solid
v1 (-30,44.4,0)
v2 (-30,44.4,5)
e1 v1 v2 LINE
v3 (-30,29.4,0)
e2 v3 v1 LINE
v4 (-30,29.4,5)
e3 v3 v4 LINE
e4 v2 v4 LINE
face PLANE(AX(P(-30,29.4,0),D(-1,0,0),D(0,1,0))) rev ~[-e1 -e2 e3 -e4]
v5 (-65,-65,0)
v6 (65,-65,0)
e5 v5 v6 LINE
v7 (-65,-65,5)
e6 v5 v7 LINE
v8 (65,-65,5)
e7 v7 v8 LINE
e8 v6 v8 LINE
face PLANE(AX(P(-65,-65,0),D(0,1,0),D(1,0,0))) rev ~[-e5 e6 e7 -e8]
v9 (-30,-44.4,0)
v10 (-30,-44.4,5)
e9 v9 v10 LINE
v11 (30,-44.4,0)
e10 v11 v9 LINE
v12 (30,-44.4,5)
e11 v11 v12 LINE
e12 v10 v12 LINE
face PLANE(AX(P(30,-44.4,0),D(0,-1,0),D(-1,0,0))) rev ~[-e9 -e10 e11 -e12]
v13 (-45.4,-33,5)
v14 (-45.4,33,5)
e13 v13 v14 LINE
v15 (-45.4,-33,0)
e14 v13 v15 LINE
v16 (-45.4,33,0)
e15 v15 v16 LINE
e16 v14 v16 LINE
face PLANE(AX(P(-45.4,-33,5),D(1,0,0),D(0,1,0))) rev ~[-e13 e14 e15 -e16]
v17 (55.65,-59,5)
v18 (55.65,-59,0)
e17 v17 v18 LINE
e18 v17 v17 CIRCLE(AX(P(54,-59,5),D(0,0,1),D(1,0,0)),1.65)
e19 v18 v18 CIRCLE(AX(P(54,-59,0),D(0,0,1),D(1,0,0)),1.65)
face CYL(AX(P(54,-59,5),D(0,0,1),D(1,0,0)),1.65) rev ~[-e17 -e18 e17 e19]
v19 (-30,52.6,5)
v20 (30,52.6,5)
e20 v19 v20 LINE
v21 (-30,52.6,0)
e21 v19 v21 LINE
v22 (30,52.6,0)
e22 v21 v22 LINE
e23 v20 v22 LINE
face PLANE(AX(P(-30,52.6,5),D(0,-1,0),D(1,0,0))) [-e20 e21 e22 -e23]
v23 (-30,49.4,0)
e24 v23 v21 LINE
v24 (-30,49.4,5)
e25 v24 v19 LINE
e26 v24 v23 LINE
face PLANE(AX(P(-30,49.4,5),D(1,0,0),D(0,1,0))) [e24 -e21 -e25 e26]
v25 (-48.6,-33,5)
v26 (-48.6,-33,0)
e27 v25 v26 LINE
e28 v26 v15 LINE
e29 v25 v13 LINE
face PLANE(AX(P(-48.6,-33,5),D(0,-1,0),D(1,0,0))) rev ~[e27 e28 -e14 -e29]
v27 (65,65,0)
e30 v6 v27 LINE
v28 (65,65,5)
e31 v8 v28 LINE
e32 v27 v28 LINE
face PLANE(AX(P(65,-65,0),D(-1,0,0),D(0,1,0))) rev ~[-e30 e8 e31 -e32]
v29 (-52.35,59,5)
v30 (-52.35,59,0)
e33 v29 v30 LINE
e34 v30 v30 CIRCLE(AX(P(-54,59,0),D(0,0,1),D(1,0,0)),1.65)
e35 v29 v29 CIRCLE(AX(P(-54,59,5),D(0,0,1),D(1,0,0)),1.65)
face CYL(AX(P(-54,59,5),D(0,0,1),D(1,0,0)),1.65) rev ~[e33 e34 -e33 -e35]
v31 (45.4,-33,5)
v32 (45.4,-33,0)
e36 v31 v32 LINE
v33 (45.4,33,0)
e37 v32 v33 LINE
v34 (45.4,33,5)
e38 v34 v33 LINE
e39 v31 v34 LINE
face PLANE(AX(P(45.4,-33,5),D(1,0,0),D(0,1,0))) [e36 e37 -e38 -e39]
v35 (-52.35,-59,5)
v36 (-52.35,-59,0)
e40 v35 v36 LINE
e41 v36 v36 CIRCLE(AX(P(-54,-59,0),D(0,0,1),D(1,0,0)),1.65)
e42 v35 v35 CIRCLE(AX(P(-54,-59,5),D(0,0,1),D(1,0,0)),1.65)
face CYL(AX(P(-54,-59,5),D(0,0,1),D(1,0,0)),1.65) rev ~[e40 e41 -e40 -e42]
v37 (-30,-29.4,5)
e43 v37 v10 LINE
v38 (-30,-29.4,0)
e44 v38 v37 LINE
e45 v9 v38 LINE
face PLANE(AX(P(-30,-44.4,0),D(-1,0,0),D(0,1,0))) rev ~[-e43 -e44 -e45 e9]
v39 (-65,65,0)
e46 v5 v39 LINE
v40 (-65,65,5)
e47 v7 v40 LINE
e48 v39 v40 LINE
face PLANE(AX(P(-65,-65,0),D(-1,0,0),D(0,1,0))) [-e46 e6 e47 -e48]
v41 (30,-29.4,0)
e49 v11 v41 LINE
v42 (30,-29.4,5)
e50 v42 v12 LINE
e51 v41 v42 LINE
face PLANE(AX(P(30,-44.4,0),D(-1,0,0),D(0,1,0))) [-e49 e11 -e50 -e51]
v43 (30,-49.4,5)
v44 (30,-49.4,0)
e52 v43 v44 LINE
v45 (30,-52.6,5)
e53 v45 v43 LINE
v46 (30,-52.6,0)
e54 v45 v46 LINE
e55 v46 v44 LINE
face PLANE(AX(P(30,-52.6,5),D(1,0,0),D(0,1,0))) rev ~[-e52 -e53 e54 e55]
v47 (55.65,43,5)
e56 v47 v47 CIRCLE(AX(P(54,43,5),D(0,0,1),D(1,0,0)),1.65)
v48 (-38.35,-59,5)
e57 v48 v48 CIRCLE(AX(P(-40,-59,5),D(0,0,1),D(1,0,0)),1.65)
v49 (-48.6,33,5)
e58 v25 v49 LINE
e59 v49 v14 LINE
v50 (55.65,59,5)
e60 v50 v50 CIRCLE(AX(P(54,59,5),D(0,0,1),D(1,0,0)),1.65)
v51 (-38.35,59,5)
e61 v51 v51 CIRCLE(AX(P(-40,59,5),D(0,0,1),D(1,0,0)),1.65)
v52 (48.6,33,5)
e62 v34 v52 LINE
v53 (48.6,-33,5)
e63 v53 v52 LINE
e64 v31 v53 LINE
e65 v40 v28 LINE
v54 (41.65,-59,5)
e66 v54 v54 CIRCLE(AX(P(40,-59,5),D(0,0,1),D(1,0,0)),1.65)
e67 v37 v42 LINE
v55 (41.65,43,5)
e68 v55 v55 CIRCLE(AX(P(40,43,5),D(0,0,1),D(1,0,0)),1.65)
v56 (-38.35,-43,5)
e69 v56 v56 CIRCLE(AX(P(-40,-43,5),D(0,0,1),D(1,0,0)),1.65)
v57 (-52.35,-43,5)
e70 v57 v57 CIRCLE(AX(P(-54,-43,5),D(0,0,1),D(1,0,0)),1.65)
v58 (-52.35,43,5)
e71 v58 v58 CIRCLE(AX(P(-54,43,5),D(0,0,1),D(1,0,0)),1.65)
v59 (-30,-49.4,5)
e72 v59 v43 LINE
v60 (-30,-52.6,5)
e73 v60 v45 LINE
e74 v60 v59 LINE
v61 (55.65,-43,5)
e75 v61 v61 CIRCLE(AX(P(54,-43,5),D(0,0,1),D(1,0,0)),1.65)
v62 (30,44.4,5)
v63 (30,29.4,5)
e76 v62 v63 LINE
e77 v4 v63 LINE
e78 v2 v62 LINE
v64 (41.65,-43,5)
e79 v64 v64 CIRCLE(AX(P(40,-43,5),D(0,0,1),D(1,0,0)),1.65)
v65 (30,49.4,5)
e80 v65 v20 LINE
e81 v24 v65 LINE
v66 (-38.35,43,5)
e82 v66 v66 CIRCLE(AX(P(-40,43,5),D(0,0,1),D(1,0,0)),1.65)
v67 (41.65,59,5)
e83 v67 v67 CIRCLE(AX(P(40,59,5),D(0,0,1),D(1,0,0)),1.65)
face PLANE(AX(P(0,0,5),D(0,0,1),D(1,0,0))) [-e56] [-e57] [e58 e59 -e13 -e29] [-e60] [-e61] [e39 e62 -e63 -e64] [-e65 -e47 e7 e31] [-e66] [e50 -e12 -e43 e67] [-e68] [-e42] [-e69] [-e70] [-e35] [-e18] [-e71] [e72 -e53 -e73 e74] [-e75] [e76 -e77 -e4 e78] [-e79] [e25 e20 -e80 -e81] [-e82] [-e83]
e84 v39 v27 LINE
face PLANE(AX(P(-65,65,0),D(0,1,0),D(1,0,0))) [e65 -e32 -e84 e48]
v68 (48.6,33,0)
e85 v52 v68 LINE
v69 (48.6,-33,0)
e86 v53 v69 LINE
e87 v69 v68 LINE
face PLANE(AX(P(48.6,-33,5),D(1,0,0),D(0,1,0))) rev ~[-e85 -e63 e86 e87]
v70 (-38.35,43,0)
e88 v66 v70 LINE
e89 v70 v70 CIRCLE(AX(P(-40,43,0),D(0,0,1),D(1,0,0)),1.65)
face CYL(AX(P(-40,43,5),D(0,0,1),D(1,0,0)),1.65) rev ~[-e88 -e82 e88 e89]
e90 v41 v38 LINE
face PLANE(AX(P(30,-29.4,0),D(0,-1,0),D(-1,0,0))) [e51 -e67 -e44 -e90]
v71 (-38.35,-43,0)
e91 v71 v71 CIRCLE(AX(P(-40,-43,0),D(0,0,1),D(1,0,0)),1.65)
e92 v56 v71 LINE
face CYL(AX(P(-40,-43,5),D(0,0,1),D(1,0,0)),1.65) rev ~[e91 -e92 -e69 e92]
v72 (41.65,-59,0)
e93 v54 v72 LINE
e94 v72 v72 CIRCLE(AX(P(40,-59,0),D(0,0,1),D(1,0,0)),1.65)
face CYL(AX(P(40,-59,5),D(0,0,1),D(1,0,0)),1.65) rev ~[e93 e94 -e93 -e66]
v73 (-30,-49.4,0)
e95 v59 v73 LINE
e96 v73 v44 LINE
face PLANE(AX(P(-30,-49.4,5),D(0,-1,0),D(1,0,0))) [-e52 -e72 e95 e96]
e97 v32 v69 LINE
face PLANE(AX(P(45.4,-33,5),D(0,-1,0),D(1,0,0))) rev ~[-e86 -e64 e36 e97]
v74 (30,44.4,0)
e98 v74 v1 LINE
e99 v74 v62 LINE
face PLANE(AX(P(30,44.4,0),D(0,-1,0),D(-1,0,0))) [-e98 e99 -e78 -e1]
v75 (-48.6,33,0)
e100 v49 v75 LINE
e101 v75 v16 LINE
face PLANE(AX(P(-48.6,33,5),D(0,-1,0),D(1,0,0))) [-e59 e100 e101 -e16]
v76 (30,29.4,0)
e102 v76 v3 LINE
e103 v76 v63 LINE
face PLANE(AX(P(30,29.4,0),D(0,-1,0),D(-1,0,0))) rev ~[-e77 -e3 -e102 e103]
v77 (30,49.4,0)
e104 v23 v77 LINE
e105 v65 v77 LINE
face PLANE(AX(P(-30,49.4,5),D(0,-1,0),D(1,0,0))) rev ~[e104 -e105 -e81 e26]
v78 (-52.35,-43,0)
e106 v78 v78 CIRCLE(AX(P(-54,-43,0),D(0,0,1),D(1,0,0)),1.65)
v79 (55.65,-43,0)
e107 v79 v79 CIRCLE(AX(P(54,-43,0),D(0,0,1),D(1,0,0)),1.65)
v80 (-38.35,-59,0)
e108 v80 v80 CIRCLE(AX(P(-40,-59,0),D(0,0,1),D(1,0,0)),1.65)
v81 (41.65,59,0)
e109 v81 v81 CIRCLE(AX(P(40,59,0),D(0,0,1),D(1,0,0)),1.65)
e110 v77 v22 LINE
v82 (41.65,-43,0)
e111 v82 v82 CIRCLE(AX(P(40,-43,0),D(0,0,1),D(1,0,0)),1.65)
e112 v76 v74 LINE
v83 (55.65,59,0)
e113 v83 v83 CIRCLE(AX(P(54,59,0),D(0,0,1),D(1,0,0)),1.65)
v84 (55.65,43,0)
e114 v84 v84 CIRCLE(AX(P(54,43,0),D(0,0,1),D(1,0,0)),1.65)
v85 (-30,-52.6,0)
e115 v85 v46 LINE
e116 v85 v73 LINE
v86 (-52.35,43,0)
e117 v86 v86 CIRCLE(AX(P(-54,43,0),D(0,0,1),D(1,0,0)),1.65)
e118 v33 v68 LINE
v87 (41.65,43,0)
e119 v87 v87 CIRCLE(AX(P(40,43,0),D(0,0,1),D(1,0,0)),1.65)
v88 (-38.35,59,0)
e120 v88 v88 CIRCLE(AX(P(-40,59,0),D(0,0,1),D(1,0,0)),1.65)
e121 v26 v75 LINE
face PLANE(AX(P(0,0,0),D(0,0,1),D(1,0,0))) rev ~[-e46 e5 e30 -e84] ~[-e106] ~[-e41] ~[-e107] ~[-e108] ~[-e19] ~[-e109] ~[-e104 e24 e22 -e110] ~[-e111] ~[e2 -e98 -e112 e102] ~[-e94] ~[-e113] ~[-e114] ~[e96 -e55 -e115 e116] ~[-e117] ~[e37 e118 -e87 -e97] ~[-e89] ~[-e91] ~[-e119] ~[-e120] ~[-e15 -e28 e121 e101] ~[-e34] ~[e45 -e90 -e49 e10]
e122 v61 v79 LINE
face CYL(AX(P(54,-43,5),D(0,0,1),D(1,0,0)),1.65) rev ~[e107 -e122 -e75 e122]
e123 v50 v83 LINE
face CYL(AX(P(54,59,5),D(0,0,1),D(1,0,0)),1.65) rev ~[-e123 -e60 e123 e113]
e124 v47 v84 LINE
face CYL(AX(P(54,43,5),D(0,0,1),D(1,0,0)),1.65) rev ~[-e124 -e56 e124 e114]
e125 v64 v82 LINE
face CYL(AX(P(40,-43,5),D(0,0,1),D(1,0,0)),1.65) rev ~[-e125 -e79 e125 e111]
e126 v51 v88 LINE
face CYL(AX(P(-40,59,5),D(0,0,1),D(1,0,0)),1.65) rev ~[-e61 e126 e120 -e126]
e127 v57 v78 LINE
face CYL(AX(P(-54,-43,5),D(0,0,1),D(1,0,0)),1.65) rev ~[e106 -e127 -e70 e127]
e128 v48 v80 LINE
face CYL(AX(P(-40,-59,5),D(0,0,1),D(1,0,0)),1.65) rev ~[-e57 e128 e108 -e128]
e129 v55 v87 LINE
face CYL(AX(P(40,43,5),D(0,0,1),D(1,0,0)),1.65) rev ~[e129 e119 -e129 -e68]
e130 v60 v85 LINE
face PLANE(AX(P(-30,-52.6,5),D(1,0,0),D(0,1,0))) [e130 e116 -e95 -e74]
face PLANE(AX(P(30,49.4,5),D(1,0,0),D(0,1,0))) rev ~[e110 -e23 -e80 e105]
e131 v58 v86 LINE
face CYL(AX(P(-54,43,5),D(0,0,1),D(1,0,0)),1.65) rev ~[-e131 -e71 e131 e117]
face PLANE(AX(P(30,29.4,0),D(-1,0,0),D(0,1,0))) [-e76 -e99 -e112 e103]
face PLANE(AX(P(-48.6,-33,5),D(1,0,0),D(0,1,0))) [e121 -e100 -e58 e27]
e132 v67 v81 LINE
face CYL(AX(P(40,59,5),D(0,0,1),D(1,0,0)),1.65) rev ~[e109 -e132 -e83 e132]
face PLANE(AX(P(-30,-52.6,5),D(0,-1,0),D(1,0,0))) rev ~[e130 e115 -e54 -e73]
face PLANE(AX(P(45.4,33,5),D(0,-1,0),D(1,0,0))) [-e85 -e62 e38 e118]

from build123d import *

# Parameters (mm, degrees)
SKETCH_1_W          = 130
SKETCH_1_H          = 130
EXTRUDE_1_DEPTH     = 5
SKETCH_2_R          = 1.65
CUT_EXTRUDE_1_DEPTH = 5
SKETCH_3_W          = 3.2
SKETCH_3_H          = 66
SKETCH_3_W_2        = 60
SKETCH_3_H_2        = 3.2
CUT_EXTRUDE_2_DEPTH = 10
SKETCH_4_W          = 60
SKETCH_4_H          = 15
CUT_EXTRUDE_3_DEPTH = 10


with BuildPart() as part:
    # 草图1 → 凸台-拉伸1 (new body)
    with BuildSketch(Plane.XY):
        Rectangle(SKETCH_1_W, SKETCH_1_H)
    extrude(amount=EXTRUDE_1_DEPTH)

    # 草图2 → 切除-拉伸1 (cut)
    with BuildSketch(Plane.XY.offset(5)):
        with Locations((-54, 59)):
            Circle(SKETCH_2_R)
        with Locations((-40, 59)):
            Circle(SKETCH_2_R)
        with Locations((-40, 43)):
            Circle(SKETCH_2_R)
        with Locations((-54, 43)):
            Circle(SKETCH_2_R)
        with Locations((40, 59)):
            Circle(SKETCH_2_R)
        with Locations((54, 59)):
            Circle(SKETCH_2_R)
        with Locations((54, 43)):
            Circle(SKETCH_2_R)
        with Locations((40, 43)):
            Circle(SKETCH_2_R)
        with Locations((40, -43)):
            Circle(SKETCH_2_R)
        with Locations((54, -43)):
            Circle(SKETCH_2_R)
        with Locations((54, -59)):
            Circle(SKETCH_2_R)
        with Locations((40, -59)):
            Circle(SKETCH_2_R)
        with Locations((-54, -43)):
            Circle(SKETCH_2_R)
        with Locations((-40, -43)):
            Circle(SKETCH_2_R)
        with Locations((-40, -59)):
            Circle(SKETCH_2_R)
        with Locations((-54, -59)):
            Circle(SKETCH_2_R)
    extrude(amount=-CUT_EXTRUDE_1_DEPTH, mode=Mode.SUBTRACT)

    # 草图3 → 切除-拉伸2 (cut)
    with BuildSketch(Plane.XY.offset(5)):
        with Locations((47, 0)):
            Rectangle(SKETCH_3_W, SKETCH_3_H)
        with Locations((-47, 0)):
            Rectangle(SKETCH_3_W, SKETCH_3_H)
        with Locations((0, -51)):
            Rectangle(SKETCH_3_W_2, SKETCH_3_H_2)
        with Locations((0, 51)):
            Rectangle(SKETCH_3_W_2, SKETCH_3_H_2)
    extrude(amount=-CUT_EXTRUDE_2_DEPTH, mode=Mode.SUBTRACT)

    # 草图4 → 切除-拉伸3 (cut)
    with BuildSketch(Plane(origin=(0, 0, 0), x_dir=(-1, 0, 0), z_dir=(0, 0, -1))):
        with Locations((0, 36.9)):
            Rectangle(SKETCH_4_W, SKETCH_4_H)
        with Locations((0, -36.9)):
            Rectangle(SKETCH_4_W, SKETCH_4_H)
    extrude(amount=-CUT_EXTRUDE_3_DEPTH, mode=Mode.SUBTRACT)


solid = part.part
